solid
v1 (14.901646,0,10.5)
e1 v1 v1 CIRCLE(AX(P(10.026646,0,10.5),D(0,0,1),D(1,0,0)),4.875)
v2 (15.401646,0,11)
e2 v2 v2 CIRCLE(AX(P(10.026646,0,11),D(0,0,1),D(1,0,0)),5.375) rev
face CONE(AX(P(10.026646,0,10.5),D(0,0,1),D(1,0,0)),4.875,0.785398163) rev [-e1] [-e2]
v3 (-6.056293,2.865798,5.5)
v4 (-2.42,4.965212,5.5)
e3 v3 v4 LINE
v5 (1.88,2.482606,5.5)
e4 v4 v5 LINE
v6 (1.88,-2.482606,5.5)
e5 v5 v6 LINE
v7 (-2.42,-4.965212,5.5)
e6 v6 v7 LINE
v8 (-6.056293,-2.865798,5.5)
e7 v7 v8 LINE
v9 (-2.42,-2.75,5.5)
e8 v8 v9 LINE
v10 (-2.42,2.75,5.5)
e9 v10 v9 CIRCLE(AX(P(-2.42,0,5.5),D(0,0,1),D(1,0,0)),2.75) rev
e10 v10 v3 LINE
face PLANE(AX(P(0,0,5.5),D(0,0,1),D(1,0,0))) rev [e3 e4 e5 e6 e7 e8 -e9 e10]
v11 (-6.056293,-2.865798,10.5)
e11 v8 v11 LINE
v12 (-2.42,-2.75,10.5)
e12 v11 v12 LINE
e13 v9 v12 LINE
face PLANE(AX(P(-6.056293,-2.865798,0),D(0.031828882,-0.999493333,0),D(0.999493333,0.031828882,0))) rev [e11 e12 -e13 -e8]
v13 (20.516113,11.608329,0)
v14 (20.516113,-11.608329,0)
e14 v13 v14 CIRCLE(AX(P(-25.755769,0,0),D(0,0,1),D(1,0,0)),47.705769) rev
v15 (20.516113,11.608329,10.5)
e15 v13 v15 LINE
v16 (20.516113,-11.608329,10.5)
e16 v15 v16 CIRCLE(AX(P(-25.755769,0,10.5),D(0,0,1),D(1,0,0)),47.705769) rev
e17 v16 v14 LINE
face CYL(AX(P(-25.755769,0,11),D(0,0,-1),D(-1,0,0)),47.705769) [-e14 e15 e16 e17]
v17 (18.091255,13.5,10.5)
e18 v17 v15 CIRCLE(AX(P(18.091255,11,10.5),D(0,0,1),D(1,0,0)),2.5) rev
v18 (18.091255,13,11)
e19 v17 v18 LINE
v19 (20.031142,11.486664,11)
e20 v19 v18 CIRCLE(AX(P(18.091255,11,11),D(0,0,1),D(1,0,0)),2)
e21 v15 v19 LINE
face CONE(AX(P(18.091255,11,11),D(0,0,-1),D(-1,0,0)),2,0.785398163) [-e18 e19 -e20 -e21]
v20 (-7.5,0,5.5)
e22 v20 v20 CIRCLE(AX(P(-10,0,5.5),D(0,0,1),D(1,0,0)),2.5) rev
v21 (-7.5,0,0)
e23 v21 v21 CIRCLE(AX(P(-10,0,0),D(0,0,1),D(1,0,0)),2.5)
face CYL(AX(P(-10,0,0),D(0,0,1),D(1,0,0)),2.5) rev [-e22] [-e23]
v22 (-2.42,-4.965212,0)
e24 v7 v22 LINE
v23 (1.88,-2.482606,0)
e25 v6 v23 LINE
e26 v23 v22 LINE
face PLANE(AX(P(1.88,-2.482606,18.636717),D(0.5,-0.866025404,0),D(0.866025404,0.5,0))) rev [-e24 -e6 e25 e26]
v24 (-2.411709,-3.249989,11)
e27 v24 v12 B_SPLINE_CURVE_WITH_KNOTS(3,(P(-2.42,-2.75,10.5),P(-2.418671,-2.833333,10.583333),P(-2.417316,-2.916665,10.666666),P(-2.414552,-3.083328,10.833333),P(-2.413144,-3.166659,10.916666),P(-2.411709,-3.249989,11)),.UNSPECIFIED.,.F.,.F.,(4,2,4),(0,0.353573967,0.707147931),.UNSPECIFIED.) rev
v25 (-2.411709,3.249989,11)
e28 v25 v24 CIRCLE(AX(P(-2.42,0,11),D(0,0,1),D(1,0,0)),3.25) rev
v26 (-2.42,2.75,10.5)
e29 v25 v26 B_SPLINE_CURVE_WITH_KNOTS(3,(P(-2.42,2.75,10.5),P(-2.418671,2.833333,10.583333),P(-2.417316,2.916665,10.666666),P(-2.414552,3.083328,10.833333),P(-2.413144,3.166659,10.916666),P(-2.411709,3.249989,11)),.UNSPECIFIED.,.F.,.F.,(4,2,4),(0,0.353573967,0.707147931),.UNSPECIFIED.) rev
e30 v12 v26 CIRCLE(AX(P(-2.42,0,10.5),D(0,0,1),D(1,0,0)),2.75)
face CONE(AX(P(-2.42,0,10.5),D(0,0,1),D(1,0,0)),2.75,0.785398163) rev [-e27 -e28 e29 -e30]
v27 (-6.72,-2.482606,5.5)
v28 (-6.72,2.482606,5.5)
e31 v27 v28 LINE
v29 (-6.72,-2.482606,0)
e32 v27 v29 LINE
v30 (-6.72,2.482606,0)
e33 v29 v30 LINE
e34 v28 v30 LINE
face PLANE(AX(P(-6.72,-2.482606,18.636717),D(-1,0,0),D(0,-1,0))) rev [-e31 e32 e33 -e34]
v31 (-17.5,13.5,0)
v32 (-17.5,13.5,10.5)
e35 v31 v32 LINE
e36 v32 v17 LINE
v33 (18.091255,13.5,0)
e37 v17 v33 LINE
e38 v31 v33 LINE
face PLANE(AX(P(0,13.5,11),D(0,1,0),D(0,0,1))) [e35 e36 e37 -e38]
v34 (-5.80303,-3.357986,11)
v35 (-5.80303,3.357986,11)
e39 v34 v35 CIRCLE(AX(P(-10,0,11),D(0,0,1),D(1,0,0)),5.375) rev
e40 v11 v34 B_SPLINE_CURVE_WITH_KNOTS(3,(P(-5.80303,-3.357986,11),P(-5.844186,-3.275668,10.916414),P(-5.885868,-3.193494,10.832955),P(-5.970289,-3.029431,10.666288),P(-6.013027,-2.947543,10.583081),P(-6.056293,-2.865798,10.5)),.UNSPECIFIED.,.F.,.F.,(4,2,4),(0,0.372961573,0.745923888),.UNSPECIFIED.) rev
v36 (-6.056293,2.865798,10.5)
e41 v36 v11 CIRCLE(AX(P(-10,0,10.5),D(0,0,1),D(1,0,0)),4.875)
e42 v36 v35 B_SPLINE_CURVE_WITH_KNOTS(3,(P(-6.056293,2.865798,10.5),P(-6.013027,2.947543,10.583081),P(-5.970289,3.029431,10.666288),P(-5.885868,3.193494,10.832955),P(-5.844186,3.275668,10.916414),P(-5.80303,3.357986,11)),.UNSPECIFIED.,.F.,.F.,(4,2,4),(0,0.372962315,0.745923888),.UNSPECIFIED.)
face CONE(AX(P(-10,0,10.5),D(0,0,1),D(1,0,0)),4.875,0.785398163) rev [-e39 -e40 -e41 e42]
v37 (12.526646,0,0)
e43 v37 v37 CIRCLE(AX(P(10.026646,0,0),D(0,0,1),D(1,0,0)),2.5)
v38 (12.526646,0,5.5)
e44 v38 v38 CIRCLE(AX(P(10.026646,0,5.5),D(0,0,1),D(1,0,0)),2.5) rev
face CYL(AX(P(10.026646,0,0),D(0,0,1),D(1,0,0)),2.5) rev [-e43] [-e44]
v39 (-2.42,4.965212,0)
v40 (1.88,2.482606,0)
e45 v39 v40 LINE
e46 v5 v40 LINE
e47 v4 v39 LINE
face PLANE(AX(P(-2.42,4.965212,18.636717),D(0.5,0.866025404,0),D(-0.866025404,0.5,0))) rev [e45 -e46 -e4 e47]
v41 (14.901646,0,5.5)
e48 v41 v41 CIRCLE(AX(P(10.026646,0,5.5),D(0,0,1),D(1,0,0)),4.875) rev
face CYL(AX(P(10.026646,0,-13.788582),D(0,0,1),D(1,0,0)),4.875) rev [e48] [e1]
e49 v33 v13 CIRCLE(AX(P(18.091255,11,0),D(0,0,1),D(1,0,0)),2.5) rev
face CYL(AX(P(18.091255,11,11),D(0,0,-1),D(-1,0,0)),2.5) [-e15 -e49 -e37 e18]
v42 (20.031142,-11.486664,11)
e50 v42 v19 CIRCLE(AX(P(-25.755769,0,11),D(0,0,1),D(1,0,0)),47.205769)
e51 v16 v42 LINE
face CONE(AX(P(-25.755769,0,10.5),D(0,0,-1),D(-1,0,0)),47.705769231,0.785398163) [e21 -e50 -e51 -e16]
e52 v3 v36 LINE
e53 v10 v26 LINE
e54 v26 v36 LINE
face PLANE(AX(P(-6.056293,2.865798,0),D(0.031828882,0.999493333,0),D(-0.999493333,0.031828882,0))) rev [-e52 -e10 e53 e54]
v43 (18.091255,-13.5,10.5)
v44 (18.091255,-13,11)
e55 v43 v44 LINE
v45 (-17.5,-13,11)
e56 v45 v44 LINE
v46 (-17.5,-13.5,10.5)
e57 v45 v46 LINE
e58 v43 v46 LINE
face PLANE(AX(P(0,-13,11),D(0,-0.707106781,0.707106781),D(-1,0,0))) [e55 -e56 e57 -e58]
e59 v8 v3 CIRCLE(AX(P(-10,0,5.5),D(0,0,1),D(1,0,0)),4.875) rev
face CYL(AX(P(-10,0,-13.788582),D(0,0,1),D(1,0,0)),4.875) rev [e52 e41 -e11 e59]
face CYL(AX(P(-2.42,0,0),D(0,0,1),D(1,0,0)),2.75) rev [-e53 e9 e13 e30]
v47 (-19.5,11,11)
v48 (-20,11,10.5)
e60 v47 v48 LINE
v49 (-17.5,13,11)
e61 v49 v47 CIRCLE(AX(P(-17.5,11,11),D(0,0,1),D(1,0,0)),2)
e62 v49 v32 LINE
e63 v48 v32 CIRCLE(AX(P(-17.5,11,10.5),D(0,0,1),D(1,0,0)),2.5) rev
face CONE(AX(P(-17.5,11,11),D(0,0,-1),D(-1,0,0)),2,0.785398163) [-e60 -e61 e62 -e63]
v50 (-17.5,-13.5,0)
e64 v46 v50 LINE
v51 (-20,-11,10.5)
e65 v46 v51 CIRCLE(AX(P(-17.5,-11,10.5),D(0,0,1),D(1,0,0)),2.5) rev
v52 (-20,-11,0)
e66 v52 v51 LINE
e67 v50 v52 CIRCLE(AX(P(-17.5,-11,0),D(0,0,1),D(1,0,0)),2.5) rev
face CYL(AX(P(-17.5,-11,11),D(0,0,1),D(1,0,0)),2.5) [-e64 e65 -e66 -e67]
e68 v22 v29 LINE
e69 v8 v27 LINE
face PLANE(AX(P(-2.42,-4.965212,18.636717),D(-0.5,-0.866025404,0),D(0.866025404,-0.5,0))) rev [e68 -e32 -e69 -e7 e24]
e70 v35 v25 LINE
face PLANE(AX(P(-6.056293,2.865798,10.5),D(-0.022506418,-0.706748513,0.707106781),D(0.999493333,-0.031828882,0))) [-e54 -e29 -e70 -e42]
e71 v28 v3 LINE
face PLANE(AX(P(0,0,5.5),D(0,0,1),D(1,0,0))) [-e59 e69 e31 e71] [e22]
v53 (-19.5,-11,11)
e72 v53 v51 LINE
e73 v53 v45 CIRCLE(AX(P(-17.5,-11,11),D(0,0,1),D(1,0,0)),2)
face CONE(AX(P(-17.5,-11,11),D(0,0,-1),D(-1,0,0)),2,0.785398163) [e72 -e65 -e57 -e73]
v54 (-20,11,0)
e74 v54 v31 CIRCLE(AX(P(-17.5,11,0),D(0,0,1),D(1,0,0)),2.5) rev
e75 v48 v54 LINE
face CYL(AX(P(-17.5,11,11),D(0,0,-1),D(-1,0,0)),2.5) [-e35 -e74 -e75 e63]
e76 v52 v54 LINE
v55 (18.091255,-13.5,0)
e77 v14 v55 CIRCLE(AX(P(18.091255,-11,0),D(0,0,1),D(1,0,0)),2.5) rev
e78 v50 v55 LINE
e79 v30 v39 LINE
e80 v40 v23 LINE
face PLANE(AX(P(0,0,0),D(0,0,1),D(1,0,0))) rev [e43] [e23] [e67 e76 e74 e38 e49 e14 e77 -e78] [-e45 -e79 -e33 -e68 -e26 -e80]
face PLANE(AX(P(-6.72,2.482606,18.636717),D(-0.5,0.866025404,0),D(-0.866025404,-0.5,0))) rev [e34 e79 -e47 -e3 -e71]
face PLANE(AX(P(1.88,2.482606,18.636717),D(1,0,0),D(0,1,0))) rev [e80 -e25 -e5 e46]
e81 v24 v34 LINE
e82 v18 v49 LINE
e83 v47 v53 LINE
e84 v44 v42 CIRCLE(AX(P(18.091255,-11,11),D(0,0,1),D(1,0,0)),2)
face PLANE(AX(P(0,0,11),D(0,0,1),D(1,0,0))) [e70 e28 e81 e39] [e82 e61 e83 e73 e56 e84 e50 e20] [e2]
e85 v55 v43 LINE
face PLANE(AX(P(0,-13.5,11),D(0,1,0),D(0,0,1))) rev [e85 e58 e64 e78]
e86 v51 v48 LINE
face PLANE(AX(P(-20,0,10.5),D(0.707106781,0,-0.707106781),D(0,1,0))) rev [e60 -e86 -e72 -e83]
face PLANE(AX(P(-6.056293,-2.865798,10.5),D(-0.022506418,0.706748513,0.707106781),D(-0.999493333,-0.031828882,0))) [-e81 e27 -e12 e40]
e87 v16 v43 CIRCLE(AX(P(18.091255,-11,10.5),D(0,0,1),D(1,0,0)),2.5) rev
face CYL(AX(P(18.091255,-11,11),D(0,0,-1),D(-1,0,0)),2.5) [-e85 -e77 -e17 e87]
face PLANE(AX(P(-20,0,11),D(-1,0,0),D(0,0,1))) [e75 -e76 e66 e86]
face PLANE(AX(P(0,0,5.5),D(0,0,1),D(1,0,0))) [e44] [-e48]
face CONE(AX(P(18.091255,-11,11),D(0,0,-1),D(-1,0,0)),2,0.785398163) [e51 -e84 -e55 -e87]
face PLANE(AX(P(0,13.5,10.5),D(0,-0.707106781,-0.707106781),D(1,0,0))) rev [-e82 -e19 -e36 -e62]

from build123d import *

# Parameters (mm, degrees)
BOSS_EXTRUDE1_DEPTH     = 11
SKETCH2_R               = 2.5
CUT_EXTRUDE1_DEPTH      = 29.018788339
SKETCH3_R               = 4.875
CUT_EXTRUDE2_DEPTH      = 5.5
SKETCH4_R               = 2.75
CUT_EXTRUDE3_DEPTH      = 29.018788339
CUT_EXTRUDE4_DEPTH      = 5.5
FILLET1_R               = 2.5
CHAMFER1_SIZE           = 0.5
CUT_EXTRUDE5_DEPTH      = 29.018788339
CUT_EXTRUDE5_DEPTH_BACK = 29.018788339
CHAMFER3_SIZE           = 0.5


with BuildPart() as part:
    # Sketch1 → Boss-Extrude1 (new body)
    with BuildSketch(Plane.XY):
        with BuildLine():
            Line((-20, -13.5), (20, -13.5))
            ThreePointArc((20, -13.5), (21.95, 0), (20, 13.5))
            Line((20, 13.5), (-20, 13.5))
            Line((-20, 13.5), (-20, -13.5))
        make_face()
    extrude(amount=BOSS_EXTRUDE1_DEPTH)

    # Sketch2 → Cut-Extrude1 (cut, through all)
    with BuildSketch(Plane.XY.offset(11)):
        with Locations((-10, 0)):
            Circle(SKETCH2_R)
        with Locations((10.026646142, 0)):
            Circle(SKETCH2_R)
    extrude(amount=-CUT_EXTRUDE1_DEPTH, mode=Mode.SUBTRACT)

    # Sketch3 → Cut-Extrude2 (cut)
    with BuildSketch(Plane.XY.offset(11)):
        with Locations((-10, 0)):
            Circle(SKETCH3_R)
        with Locations((10.026646142, 0)):
            Circle(SKETCH3_R)
    extrude(amount=-CUT_EXTRUDE2_DEPTH, mode=Mode.SUBTRACT)

    # Sketch4 → Cut-Extrude3 (cut, through all)
    with BuildSketch(Plane.XY.offset(11)):
        with Locations((-2.42, 0)):
            Circle(SKETCH4_R)
    extrude(amount=-CUT_EXTRUDE3_DEPTH, mode=Mode.SUBTRACT)

    # Sketch5 → Cut-Extrude4 (cut)
    with BuildSketch(Plane(origin=(0, 0, 0), x_dir=(-1, 0, 0), z_dir=(0, 0, -1))):
        Polygon((6.72, -2.482606158), (6.72, 2.482606158), (2.42, 4.965212315), (-1.88, 2.482606158), (-1.88, -2.482606158), (2.42, -4.965212315), align=None)
    extrude(amount=-CUT_EXTRUDE4_DEPTH, mode=Mode.SUBTRACT)

    # Fillet1
    fillet1_edges = [part.edges().sort_by_distance(p)[0] for p in [
        (20, -13.5, 5.5),
        (-20, -13.5, 5.5),
        (-20, 13.5, 5.5),
        (20, 13.5, 5.5),
    ]]
    fillet(fillet1_edges, radius=FILLET1_R)

    # Chamfer1
    chamfer1_edges = [part.edges().sort_by_distance(p)[0] for p in [
        (0.295627716, -13.5, 11),
        (-20, 0, 11),
        (21.95, 0, 11),
        (0.295627716, 13.5, 11),
        (19.628977191, 12.971144792, 11),
        (19.628977191, -12.971144792, 11),
        (-19.267766953, 12.767766953, 11),
        (-19.267766953, -12.767766953, 11),
    ]]
    chamfer(chamfer1_edges, length=CHAMFER1_SIZE)

    # Sketch6 → Cut-Extrude5 (cut, two sides: drawn at the far end of the back side and taken through both)
    with BuildSketch(Plane.XY.offset(11).offset(-CUT_EXTRUDE5_DEPTH_BACK)):
        with BuildLine():
            Line((-6.05629261, 2.865797798), (-2.42, 2.75))
            ThreePointArc((-2.42, 2.75), (0.33, 0), (-2.42, -2.75))
            Line((-2.42, -2.75), (-6.05629261, -2.865797798))
            Line((-6.05629261, -2.865797798), (-6.72, -2.482606158))
            Line((-6.72, -2.482606158), (-6.72, 2.482606158))
            Line((-6.72, 2.482606158), (-6.05629261, 2.865797798))
        make_face()
    extrude(amount=CUT_EXTRUDE5_DEPTH + CUT_EXTRUDE5_DEPTH_BACK, mode=Mode.SUBTRACT)

    # Chamfer3
    chamfer3_edges = [part.edges().sort_by_distance(p)[0] for p in [
        (0.33, 0, 11),
        (-14.875, 0, 11),
        (-4.238146305, 2.807898899, 11),
        (-4.238146305, -2.807898899, 11),
        (5.151646142, 0, 11),
    ]]
    chamfer(chamfer3_edges, length=CHAMFER3_SIZE)


solid = part.part
